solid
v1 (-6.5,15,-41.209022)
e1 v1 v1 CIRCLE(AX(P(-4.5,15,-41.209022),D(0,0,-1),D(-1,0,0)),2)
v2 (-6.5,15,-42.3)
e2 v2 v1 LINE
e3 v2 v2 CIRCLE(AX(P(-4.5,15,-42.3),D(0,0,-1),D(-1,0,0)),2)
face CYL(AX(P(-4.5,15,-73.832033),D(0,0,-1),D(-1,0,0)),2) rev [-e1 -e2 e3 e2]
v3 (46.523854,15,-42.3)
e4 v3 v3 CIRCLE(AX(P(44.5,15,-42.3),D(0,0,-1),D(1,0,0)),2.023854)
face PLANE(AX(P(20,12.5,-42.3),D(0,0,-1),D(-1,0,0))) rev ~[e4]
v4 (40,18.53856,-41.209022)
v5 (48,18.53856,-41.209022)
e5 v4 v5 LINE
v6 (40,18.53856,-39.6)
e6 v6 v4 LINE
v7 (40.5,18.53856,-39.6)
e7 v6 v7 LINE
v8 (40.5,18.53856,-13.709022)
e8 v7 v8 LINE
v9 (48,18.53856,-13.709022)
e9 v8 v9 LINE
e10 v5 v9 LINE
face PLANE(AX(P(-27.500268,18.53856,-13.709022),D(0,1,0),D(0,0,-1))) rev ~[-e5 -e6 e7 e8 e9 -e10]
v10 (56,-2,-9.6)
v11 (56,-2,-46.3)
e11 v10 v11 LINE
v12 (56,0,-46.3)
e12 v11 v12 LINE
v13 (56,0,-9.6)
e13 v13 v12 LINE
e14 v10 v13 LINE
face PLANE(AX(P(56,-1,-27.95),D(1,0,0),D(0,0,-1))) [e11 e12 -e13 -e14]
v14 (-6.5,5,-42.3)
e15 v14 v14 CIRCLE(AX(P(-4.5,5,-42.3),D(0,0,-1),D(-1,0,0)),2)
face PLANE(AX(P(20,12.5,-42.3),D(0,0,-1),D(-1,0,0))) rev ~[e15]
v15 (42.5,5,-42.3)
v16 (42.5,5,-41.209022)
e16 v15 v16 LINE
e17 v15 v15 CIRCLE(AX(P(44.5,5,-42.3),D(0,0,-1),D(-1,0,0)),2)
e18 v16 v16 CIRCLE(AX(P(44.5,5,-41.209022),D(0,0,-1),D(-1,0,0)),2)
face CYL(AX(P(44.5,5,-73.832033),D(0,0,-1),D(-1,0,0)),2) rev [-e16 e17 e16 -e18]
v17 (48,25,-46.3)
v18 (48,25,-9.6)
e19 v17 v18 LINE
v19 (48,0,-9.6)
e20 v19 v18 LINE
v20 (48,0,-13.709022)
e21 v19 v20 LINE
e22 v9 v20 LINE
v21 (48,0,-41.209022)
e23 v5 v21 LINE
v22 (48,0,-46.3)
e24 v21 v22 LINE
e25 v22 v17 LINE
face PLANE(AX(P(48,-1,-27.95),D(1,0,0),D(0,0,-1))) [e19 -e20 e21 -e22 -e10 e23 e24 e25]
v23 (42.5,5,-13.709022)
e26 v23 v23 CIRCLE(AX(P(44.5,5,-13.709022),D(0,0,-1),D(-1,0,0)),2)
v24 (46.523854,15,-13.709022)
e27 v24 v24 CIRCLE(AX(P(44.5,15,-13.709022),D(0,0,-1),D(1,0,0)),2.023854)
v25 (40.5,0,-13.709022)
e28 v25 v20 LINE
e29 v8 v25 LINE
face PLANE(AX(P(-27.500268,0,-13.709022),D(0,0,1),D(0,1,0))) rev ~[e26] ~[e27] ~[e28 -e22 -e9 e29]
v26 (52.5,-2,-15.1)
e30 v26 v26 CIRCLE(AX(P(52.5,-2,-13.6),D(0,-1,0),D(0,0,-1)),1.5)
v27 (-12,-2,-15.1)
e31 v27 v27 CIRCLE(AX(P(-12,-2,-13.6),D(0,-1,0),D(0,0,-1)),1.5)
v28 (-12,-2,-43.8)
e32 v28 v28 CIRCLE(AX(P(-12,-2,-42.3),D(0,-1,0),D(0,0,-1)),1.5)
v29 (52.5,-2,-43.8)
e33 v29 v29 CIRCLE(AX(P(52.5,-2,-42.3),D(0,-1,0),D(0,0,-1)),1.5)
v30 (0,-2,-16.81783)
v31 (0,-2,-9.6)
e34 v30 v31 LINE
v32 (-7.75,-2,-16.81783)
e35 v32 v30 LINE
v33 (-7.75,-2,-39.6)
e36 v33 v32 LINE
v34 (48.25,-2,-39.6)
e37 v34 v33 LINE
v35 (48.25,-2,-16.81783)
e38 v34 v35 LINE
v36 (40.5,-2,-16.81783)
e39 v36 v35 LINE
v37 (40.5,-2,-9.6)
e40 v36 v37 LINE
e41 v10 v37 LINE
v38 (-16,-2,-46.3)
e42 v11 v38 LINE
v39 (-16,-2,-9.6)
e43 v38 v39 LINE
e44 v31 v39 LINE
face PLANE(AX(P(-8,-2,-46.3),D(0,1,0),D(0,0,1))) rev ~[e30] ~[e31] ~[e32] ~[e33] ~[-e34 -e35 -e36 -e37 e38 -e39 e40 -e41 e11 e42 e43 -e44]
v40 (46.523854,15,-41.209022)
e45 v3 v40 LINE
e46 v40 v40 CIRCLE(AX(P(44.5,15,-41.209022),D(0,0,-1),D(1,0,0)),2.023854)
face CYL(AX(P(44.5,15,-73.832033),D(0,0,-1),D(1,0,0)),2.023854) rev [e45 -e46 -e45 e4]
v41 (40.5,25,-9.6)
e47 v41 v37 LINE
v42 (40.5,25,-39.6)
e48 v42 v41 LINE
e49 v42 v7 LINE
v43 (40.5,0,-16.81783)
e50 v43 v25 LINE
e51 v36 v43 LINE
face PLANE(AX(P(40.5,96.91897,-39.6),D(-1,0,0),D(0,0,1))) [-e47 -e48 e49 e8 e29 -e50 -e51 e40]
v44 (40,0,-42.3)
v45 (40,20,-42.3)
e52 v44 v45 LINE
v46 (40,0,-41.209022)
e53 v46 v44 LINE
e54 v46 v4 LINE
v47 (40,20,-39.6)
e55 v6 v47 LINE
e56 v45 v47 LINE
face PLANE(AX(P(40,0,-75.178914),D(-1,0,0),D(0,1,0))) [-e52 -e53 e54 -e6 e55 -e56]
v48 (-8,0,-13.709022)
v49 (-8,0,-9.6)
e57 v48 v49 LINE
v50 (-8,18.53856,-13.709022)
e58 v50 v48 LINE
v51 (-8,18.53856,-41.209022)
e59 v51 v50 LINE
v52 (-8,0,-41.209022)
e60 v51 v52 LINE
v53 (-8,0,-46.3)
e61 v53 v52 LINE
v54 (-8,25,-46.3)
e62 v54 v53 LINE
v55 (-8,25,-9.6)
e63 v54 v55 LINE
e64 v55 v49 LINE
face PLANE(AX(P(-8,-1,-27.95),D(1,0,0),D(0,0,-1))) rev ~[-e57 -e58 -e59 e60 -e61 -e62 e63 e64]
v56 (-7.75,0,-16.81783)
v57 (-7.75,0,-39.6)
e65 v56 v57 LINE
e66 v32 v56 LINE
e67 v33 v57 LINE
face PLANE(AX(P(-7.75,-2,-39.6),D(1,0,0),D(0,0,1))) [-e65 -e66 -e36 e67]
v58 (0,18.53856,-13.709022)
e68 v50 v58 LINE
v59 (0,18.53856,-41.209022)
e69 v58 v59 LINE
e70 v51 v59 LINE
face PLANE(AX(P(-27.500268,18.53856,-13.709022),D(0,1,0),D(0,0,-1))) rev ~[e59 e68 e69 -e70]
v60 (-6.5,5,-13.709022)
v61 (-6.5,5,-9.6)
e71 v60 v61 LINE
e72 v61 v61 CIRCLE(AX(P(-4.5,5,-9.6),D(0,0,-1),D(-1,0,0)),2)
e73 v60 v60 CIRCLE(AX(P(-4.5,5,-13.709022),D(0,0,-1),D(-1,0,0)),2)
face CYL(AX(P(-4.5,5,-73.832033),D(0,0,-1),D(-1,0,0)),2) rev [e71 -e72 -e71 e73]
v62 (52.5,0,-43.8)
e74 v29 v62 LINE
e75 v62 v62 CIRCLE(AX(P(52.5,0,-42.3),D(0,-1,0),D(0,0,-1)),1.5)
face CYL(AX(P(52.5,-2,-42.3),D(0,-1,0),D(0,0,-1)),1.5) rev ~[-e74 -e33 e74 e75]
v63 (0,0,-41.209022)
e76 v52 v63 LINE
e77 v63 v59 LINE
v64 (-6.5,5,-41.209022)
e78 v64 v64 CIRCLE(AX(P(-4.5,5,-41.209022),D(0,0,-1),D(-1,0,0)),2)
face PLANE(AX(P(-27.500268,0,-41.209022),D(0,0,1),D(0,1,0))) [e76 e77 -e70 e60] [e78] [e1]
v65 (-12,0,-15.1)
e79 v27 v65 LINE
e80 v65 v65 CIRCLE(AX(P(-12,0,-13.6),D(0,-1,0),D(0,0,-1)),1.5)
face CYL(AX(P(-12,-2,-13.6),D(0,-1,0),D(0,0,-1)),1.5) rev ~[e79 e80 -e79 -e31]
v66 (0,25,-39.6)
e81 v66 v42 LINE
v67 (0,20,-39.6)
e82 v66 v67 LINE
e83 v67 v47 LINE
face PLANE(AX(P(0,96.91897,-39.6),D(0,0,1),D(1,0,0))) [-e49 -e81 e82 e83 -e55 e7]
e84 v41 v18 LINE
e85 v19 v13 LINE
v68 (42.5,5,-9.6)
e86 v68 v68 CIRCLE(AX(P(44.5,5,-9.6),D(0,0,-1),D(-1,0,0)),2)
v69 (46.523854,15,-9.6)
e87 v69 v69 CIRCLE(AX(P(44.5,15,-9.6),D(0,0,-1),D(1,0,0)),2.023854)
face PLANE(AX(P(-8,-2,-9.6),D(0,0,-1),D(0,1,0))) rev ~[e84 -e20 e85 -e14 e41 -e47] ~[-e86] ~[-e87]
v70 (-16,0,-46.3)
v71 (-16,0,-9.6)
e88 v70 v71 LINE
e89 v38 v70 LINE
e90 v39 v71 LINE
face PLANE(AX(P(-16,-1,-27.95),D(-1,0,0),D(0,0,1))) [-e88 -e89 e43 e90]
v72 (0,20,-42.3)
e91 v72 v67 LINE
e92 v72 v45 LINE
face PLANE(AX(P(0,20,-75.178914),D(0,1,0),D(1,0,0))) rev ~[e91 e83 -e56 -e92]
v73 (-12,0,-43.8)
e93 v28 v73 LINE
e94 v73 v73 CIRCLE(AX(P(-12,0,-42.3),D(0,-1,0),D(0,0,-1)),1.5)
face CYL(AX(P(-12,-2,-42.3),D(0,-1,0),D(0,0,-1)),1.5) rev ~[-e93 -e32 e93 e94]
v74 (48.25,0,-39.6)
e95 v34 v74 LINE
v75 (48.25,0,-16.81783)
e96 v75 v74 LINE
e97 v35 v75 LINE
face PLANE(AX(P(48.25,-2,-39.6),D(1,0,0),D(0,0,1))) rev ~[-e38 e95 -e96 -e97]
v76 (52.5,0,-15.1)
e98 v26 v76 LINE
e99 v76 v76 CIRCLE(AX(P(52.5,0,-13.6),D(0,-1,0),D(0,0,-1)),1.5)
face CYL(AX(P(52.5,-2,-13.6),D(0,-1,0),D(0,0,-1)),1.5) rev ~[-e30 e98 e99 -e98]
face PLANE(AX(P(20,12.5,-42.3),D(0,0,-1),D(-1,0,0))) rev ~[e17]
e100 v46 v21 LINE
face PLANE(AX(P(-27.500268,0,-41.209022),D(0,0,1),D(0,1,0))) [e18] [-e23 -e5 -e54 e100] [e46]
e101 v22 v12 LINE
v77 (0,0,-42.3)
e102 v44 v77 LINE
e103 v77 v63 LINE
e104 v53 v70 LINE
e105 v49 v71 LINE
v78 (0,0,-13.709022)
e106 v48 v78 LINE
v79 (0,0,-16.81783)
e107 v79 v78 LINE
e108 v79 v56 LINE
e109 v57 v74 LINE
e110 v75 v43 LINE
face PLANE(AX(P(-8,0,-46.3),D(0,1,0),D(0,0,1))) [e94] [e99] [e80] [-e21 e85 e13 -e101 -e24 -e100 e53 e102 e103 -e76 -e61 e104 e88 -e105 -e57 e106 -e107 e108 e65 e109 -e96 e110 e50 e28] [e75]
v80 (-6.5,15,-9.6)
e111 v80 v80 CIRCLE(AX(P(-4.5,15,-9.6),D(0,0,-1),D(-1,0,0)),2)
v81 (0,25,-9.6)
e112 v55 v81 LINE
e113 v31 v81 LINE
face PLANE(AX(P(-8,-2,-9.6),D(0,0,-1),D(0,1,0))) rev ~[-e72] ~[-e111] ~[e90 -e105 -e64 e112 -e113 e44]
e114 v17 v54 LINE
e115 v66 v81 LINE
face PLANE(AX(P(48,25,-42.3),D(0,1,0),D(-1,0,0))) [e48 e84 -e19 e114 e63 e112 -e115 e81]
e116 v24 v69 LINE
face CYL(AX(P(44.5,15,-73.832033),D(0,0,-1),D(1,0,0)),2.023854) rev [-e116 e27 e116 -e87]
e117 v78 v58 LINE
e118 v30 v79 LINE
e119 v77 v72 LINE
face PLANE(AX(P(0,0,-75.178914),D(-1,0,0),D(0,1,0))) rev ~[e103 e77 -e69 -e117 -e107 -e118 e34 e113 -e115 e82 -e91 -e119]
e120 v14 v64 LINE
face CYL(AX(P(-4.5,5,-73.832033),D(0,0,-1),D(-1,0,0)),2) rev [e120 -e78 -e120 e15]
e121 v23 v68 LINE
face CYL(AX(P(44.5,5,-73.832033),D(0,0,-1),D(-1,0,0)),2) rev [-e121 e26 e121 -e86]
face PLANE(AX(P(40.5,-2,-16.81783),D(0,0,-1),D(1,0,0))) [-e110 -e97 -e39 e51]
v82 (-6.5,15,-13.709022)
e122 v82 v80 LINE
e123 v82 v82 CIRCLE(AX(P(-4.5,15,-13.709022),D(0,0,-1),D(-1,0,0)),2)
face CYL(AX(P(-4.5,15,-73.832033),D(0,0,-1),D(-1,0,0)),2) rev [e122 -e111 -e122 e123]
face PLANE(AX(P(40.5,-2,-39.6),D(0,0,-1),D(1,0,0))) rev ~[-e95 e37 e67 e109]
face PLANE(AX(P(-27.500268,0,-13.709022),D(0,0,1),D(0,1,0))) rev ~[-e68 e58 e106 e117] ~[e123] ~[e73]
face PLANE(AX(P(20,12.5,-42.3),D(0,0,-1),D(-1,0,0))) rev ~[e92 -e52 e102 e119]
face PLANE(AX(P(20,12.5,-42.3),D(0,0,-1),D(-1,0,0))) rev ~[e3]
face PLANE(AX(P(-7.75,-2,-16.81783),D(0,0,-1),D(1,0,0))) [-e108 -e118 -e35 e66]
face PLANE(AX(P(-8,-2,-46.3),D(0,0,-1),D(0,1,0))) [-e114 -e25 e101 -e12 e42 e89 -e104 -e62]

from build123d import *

# Parameters (mm, degrees)
SKETCH_1_W               = 40
SKETCH_1_H               = 40
EXTRUDE_1_DEPTH          = 20
SKETCH_2_R               = 3
EXTRUDE_2_DEPTH          = 4.5
SKETCH_4_R               = 2
SKETCH_4_W               = 8
SKETCH_4_H               = 20
EXTRUDE_4_DEPTH          = 2.7
SKETCH_5_W               = 4
SKETCH_5_H               = 7
EXTRUDE_5_DEPTH          = 7
SKETCH_6_W               = 48
SKETCH_6_H               = 20
CUT_EXTRUDE_1_DEPTH      = 27.5
CUT_EXTRUDE_3_DEPTH      = 54.481305145
CUT_EXTRUDE_3_DEPTH_BACK = 54.481305145
SKETCH_7_W               = 40
SKETCH_7_H               = 20
SKETCH_8_W               = 56
SKETCH_8_H               = 5
EXTRUDE_6_DEPTH          = 2.7
SKETCH_9_W               = 56
SKETCH_9_H               = 25
EXTRUDE_7_DEPTH          = 30
CUT_EXTRUDE_4_DEPTH      = 62.878914018
CUT_EXTRUDE_4_DEPTH_BACK = 62.878914018
SKETCH_10_W              = 40
SKETCH_10_H              = 20
CUT_EXTRUDE_5_DEPTH      = 64.232033021
CUT_EXTRUDE_5_DEPTH_BACK = 64.232033021
SKETCH_11_R              = 2
SKETCH_11_R_2            = 2.023853946
CUT_EXTRUDE_6_DEPTH      = 75.500268456
CUT_EXTRUDE_6_DEPTH_BACK = 75.500268456
SKETCH_12_W              = 27.5
SKETCH_12_H              = 18.538560396
SKETCH_13_W              = 56
SKETCH_13_H              = 25
EXTRUDE_8_DEPTH          = 4
SKETCH_14_W              = 36.7
SKETCH_14_H              = 2
EXTRUDE_9_DEPTH          = 56
SKETCH_15_W              = 36.7
SKETCH_15_H              = 2
EXTRUDE_10_DEPTH         = 8
SKETCH_16_W              = 36.7
SKETCH_16_H              = 2
EXTRUDE_11_DEPTH         = 8
CUT_EXTRUDE_7_DEPTH      = 76.918969961
CUT_EXTRUDE_7_DEPTH_BACK = 76.918969961
SKETCH_17_W              = 40.5
SKETCH_17_H              = 30
SKETCH_20_W              = 7.75
SKETCH_20_H              = 22.78217045
CUT_EXTRUDE_9_DEPTH      = 8
SKETCH_21_R              = 1.5
CUT_EXTRUDE_10_DEPTH     = 78.515740337


with BuildPart() as part:
    # 草图1 → 凸台-拉伸1 (new body)
    with BuildSketch(Plane(origin=(0, 0, 0), x_dir=(1, 0, 0), z_dir=(0, 1, 0))):
        with Locations((20, 20)):
            Rectangle(SKETCH_1_W, SKETCH_1_H)
    extrude(amount=EXTRUDE_1_DEPTH)

    # 草图2 → 凸台-拉伸2 (add)
    with BuildSketch(Plane.XY):
        with Locations(Location((10, 10, 0), (0, 0, 180))):
            Circle(SKETCH_2_R)
    extrude(amount=EXTRUDE_2_DEPTH)

    # 草图4 → 凸台-拉伸4 (add)
    # profile 1 of 3: a face of its own
    with BuildSketch(Plane(origin=(0, 0, -12.3), x_dir=(-1, 0, 0), z_dir=(0, 0, -1))):
        with BuildLine():
            Line((-44.5, 17), (-44.5, 20))
            Line((-44.5, 20), (-48, 20))
            Line((-48, 20), (-48, 0))
            Line((-48, 0), (-40, 0))
            Line((-40, 0), (-40, 15))
            Line((-40, 15), (-42.5, 15))
            ThreePointArc((-42.5, 15), (-45.914213562, 13.585786438), (-44.5, 17))
        make_face()
        with Locations((-44.5, 5)):
            Circle(SKETCH_4_R, mode=Mode.SUBTRACT)
    # profile 2 of 3: a face of its own
    with BuildSketch(Plane(origin=(0, 0, -12.3), x_dir=(-1, 0, 0), z_dir=(0, 0, -1))):
        with BuildLine():
            Line((-40, 15), (-40, 20))
            Line((-40, 20), (-44.5, 20))
            Line((-44.5, 20), (-44.5, 17))
            ThreePointArc((-44.5, 17), (-43.085786438, 16.414213562), (-42.5, 15))
            Line((-42.5, 15), (-40, 15))
        make_face()
    # profile 3 of 3: a face of its own
    with BuildSketch(Plane(origin=(0, 0, -12.3), x_dir=(-1, 0, 0), z_dir=(0, 0, -1))):
        with Locations((4, 10)):
            Rectangle(SKETCH_4_W, SKETCH_4_H)
        with Locations((4.5, 5)):
            Circle(SKETCH_4_R, mode=Mode.SUBTRACT)
        with Locations((4.5, 15)):
            Circle(SKETCH_4_R, mode=Mode.SUBTRACT)
    extrude(amount=-EXTRUDE_4_DEPTH)

    # 草图5 → 凸台-拉伸5 (add)
    with BuildSketch(Plane.ZY):
        with Locations((-35, 10)):
            Rectangle(SKETCH_5_W, SKETCH_5_H)
    extrude(amount=EXTRUDE_5_DEPTH)

    # 草图6 → 切除-拉伸1 (cut)
    with BuildSketch(Plane(origin=(0, 0, -40), x_dir=(-1, 0, 0), z_dir=(0, 0, -1))):
        with Locations((-16, 10)):
            Rectangle(SKETCH_6_W, SKETCH_6_H)
    extrude(amount=-CUT_EXTRUDE_1_DEPTH, mode=Mode.SUBTRACT)

    # 草图7 → 切除-拉伸3 (cut, two sides: drawn at the far end of the back side and taken through both)
    with BuildSketch(Plane.XY.offset(-CUT_EXTRUDE_3_DEPTH_BACK)):
        with Locations((20, 10)):
            Rectangle(SKETCH_7_W, SKETCH_7_H)
    extrude(amount=CUT_EXTRUDE_3_DEPTH + CUT_EXTRUDE_3_DEPTH_BACK, mode=Mode.SUBTRACT)


with BuildPart() as cut_extrude_3_piece_1:
    # of the separate pieces the step leaves, piece 1, a body of its own (cut_extrude_3_pieces)
    add(part.part.solids().sort_by_distance((0, 20, -9.6))[0])



with BuildPart() as cut_extrude_3_piece_2:
    # of the separate pieces the step leaves, piece 2, a body of its own (cut_extrude_3_pieces)
    add(part.part.solids().sort_by_distance((40, 0, -9.6))[0])


with BuildPart() as cut_extrude_3_piece_1_1:
    add(cut_extrude_3_piece_1.part)

    add(cut_extrude_3_piece_2.part)  # 凸台-拉伸6 merges 切除-拉伸3 piece 2
    # 草图8 → 凸台-拉伸6 (add)
    with BuildSketch(Plane.XY.offset(-9.6)):
        with Locations((20, 22.5)):
            Rectangle(SKETCH_8_W, SKETCH_8_H)
    extrude(amount=-EXTRUDE_6_DEPTH)

    # 草图9 → 凸台-拉伸7 (add)
    with BuildSketch(Plane(origin=(0, 0, -12.3), x_dir=(-1, 0, 0), z_dir=(0, 0, -1))):
        with Locations((-20, 12.5)):
            Rectangle(SKETCH_9_W, SKETCH_9_H)
    extrude(amount=EXTRUDE_7_DEPTH)

    # 草图10 → 切除-拉伸4 (cut, two sides: drawn at the far end of the back side and taken through both)
    with BuildSketch(Plane.XY.offset(-12.3).offset(-CUT_EXTRUDE_4_DEPTH_BACK)):
        with Locations((20, 10)):
            Rectangle(SKETCH_10_W, SKETCH_10_H)
    extrude(amount=CUT_EXTRUDE_4_DEPTH + CUT_EXTRUDE_4_DEPTH_BACK, mode=Mode.SUBTRACT)

    # 草图11 → 切除-拉伸5 (cut, two sides: drawn at the far end of the back side and taken through both)
    with BuildSketch(Plane.XY.offset(-9.6).offset(-CUT_EXTRUDE_5_DEPTH_BACK)):
        with Locations(Location((-4.5, 15, 0), (0, 0, 180))):
            Circle(SKETCH_11_R)
        with Locations(Location((-4.5, 5, 0), (0, 0, 180))):
            Circle(SKETCH_11_R)
        with Locations((44.5, 15)):
            Circle(SKETCH_11_R_2)
        with Locations(Location((44.5, 5, 0), (0, 0, 180))):
            Circle(SKETCH_11_R)
    extrude(amount=CUT_EXTRUDE_5_DEPTH + CUT_EXTRUDE_5_DEPTH_BACK, mode=Mode.SUBTRACT)

    # 草图12 → 切除-拉伸6 (cut, two sides: drawn at the far end of the back side and taken through both)
    with BuildSketch(Plane(origin=(48, 0, 0), x_dir=(0, 0, -1), z_dir=(1, 0, 0)).offset(-CUT_EXTRUDE_6_DEPTH_BACK)):
        with Locations((27.459022476, 9.269280198)):
            Rectangle(SKETCH_12_W, SKETCH_12_H)
    extrude(amount=CUT_EXTRUDE_6_DEPTH + CUT_EXTRUDE_6_DEPTH_BACK, mode=Mode.SUBTRACT)

    # 草图13 → 凸台-拉伸8 (add)
    with BuildSketch(Plane(origin=(0, 0, -42.3), x_dir=(-1, 0, 0), z_dir=(0, 0, -1))):
        with Locations((-20, 12.5)):
            Rectangle(SKETCH_13_W, SKETCH_13_H)
    extrude(amount=EXTRUDE_8_DEPTH)

    # 草图14 → 凸台-拉伸9 (add)
    with BuildSketch(Plane(origin=(48, 0, 0), x_dir=(0, 0, -1), z_dir=(1, 0, 0))):
        with Locations((27.95, -1)):
            Rectangle(SKETCH_14_W, SKETCH_14_H)
    extrude(amount=-EXTRUDE_9_DEPTH)

    # 草图15 → 凸台-拉伸10 (add)
    with BuildSketch(Plane(origin=(48, 0, 0), x_dir=(0, 0, -1), z_dir=(1, 0, 0))):
        with Locations((27.95, -1)):
            Rectangle(SKETCH_15_W, SKETCH_15_H)
    extrude(amount=EXTRUDE_10_DEPTH)

    # 草图16 → 凸台-拉伸11 (add)
    with BuildSketch(Plane.ZY.offset(8)):
        with Locations((-27.95, -1)):
            Rectangle(SKETCH_16_W, SKETCH_16_H)
    extrude(amount=EXTRUDE_11_DEPTH)

    # 草图17 → 切除-拉伸7 (cut, two sides: drawn at the far end of the back side and taken through both)
    with BuildSketch(Plane.XZ.offset(-20).offset(-CUT_EXTRUDE_7_DEPTH_BACK)):
        with Locations((20.25, -24.6)):
            Rectangle(SKETCH_17_W, SKETCH_17_H)
    extrude(amount=CUT_EXTRUDE_7_DEPTH + CUT_EXTRUDE_7_DEPTH_BACK, mode=Mode.SUBTRACT)

    # 草图20 → 切除-拉伸9 (cut)
    with BuildSketch(Plane.XZ.offset(2)):
        with Locations((-3.875, -28.208914775)):
            Rectangle(SKETCH_20_W, SKETCH_20_H)
        with Locations((44.375, -28.208914775)):
            Rectangle(SKETCH_20_W, SKETCH_20_H)
    extrude(amount=-CUT_EXTRUDE_9_DEPTH, mode=Mode.SUBTRACT)

    # 草图21 → 切除-拉伸10 (cut, through all)
    with BuildSketch(Plane.XZ.offset(2)):
        with Locations(Location((52.5, -42.3, 0), (0, 0, 270))):
            Circle(SKETCH_21_R)
        with Locations(Location((52.5, -13.6, 0), (0, 0, 270))):
            Circle(SKETCH_21_R)
        with Locations(Location((-12, -13.6, 0), (0, 0, 270))):
            Circle(SKETCH_21_R)
        with Locations(Location((-12, -42.3, 0), (0, 0, 270))):
            Circle(SKETCH_21_R)
    extrude(amount=-CUT_EXTRUDE_10_DEPTH, mode=Mode.SUBTRACT)


solid = cut_extrude_3_piece_1_1.part
